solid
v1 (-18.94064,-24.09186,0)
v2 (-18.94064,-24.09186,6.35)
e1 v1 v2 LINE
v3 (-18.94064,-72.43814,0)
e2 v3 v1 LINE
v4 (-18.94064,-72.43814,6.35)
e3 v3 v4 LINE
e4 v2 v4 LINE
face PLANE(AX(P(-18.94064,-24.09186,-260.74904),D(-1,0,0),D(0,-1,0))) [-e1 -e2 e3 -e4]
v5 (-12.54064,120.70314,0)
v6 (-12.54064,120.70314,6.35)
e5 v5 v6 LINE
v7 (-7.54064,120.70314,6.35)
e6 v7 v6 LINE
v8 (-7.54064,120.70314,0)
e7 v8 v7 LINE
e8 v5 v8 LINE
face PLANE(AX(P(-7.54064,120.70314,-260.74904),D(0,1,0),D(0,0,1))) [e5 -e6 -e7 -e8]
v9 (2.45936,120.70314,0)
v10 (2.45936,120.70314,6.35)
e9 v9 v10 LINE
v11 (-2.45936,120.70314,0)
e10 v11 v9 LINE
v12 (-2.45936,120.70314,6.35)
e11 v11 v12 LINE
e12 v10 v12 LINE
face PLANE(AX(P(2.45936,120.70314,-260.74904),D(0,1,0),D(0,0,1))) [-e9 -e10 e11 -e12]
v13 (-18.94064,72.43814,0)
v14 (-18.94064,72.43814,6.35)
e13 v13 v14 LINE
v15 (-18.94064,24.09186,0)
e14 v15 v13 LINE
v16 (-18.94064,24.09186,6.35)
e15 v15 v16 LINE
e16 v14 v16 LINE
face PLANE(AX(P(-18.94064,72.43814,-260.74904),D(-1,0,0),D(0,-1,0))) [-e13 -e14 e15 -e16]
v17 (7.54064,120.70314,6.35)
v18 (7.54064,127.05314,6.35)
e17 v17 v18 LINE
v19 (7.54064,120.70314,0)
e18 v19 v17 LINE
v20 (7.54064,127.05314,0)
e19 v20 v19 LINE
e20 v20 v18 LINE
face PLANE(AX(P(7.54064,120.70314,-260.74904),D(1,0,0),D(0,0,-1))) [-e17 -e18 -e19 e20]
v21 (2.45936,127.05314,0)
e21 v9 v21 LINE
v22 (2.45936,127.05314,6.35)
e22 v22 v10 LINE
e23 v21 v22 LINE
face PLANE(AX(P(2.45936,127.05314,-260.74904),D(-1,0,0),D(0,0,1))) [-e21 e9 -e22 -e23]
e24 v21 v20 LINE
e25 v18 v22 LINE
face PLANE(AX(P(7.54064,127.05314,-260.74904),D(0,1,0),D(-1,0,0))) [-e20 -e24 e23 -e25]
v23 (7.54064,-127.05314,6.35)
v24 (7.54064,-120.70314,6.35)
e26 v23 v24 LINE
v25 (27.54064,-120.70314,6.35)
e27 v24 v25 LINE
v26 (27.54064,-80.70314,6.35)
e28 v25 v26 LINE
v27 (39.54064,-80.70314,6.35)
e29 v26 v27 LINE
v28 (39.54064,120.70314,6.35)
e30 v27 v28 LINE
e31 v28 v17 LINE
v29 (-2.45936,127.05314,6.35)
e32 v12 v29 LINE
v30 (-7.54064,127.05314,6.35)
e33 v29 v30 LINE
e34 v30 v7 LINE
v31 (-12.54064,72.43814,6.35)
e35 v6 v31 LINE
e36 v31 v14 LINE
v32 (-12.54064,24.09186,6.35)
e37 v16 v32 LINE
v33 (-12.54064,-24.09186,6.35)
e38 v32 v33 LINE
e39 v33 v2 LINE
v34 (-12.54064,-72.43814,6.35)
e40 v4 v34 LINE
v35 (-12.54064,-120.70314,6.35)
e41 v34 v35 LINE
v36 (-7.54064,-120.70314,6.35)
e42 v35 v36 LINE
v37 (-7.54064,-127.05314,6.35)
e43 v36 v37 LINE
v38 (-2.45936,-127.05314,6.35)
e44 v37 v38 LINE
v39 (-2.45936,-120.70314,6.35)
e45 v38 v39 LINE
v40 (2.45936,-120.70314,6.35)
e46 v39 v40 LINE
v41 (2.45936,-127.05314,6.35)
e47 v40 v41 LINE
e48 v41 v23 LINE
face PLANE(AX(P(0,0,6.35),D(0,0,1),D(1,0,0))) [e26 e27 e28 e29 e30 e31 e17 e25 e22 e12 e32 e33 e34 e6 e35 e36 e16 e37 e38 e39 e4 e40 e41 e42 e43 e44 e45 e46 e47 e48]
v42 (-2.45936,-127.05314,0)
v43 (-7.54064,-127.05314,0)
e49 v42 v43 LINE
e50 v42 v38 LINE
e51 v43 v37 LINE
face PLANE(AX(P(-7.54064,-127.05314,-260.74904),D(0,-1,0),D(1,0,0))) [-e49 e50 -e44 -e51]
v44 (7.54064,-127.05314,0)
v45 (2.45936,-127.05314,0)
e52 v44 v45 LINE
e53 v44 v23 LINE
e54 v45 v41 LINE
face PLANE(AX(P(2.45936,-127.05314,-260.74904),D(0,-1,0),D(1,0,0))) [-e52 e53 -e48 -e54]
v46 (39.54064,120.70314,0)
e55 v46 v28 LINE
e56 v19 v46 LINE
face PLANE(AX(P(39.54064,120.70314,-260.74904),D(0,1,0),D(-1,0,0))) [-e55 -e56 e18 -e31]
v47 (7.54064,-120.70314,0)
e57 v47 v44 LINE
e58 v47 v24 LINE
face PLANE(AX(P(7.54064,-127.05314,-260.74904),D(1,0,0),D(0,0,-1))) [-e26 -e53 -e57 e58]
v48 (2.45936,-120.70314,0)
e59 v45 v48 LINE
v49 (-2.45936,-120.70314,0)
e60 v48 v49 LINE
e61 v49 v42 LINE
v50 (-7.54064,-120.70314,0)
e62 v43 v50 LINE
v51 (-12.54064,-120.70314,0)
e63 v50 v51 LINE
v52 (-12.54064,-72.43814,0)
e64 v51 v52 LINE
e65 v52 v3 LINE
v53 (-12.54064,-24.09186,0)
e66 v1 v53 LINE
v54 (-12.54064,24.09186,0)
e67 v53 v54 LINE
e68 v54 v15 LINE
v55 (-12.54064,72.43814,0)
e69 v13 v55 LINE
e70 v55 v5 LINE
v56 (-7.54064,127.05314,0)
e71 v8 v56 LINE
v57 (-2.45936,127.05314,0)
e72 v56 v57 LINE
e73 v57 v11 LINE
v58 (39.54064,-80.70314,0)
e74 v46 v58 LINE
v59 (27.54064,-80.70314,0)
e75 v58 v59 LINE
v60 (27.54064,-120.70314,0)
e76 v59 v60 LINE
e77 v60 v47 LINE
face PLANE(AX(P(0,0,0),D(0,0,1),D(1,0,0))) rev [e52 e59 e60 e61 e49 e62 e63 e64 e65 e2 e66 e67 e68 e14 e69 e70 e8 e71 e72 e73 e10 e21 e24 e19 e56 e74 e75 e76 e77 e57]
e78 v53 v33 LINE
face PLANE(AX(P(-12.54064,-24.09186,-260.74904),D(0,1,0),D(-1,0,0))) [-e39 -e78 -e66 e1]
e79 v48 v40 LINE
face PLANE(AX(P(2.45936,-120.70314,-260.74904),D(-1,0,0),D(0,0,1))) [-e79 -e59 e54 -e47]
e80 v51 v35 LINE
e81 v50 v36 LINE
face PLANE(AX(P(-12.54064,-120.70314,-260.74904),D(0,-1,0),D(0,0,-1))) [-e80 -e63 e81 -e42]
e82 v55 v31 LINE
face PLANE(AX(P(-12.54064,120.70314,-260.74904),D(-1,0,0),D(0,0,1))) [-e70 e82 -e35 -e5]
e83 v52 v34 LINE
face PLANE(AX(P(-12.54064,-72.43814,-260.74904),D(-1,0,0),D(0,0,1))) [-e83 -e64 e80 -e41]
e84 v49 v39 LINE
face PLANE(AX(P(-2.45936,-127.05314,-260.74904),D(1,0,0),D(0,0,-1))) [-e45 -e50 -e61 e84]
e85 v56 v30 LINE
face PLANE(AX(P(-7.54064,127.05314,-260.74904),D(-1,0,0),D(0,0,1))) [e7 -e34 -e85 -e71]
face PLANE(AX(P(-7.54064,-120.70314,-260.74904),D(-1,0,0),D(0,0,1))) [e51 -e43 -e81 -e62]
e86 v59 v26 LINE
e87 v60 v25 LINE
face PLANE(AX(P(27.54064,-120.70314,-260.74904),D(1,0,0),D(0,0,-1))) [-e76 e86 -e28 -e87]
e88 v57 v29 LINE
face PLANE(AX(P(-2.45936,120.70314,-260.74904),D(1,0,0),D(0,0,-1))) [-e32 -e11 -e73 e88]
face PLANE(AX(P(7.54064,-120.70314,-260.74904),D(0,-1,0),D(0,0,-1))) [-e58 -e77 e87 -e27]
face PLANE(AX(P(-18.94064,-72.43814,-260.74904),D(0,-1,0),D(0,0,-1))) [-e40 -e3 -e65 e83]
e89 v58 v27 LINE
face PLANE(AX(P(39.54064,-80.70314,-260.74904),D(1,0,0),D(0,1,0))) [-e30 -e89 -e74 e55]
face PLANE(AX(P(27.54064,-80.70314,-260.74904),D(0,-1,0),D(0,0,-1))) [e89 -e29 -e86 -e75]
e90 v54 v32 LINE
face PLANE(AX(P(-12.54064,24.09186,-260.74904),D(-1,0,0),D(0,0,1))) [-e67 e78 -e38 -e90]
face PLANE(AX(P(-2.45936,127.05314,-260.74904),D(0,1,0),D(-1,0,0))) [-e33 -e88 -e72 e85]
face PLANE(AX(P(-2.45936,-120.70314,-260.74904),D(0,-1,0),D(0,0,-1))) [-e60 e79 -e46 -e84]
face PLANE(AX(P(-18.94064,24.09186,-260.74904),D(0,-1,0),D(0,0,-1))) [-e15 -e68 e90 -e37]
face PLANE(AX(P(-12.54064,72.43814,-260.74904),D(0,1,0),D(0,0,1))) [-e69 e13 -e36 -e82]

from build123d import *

# Parameters (mm, degrees)
SKETCH1_W           = 5
SKETCH1_H           = 6.35
SKETCH1_W_2         = 25
SKETCH1_H_2         = 241.325
SKETCH1_W_3         = 6.4
SKETCH1_H_3         = 48.265
SKETCH1_W_4         = 15
SKETCH1_W_5         = 12
SKETCH1_H_4         = 201.325
BOSS_EXTRUDE1_DEPTH = 6.35
BOSS_EXTRUDE2_DEPTH = 6.35


with BuildPart() as part:
    # Sketch1 → Boss-Extrude1 (new body)
    with BuildSketch(Plane.XY):
        with Locations((-5, 123.8375)):
            Rectangle(SKETCH1_W, SKETCH1_H)
        with Locations((5, 123.8375)):
            Rectangle(SKETCH1_W, SKETCH1_H)
        Rectangle(SKETCH1_W_2, SKETCH1_H_2)
        with Locations((-15.7, 48.265)):
            Rectangle(SKETCH1_W_3, SKETCH1_H_3)
        with Locations((-15.7, -48.265)):
            Rectangle(SKETCH1_W_3, SKETCH1_H_3)
        with Locations((-5, -123.8375)):
            Rectangle(SKETCH1_W, SKETCH1_H)
        with Locations((5, -123.8375)):
            Rectangle(SKETCH1_W, SKETCH1_H)
        with Locations((20, 0)):
            Rectangle(SKETCH1_W_4, SKETCH1_H_2)
        with Locations((33.5, 20)):
            Rectangle(SKETCH1_W_5, SKETCH1_H_4)
    extrude(amount=BOSS_EXTRUDE1_DEPTH)

    # Sketch2 → Boss-Extrude2 (add)
    with BuildSketch(Plane.XY.offset(6.35)):
        Polygon((27.54064, -120.70314), (27.54064, -80.70314), (39.54064, -80.70314), (39.54064, 120.70314), (7.54064, 120.70314), (7.54064, 127.05314), (2.45936, 127.05314), (2.45936, 120.70314), (-2.45936, 120.70314), (-2.45936, 127.05314), (-7.54064, 127.05314), (-7.54064, 120.70314), (-12.54064, 120.70314), (-12.54064, 72.43814), (-18.94064, 72.43814), (-18.94064, 24.09186), (-12.54064, 24.09186), (-12.54064, -24.09186), (-18.94064, -24.09186), (-18.94064, -72.43814), (-12.54064, -72.43814), (-12.54064, -120.70314), (-7.54064, -120.70314), (-7.54064, -127.05314), (-2.45936, -127.05314), (-2.45936, -120.70314), (2.45936, -120.70314), (2.45936, -127.05314), (7.54064, -127.05314), (7.54064, -120.70314), align=None)
    extrude(amount=-BOSS_EXTRUDE2_DEPTH)


solid = part.part
